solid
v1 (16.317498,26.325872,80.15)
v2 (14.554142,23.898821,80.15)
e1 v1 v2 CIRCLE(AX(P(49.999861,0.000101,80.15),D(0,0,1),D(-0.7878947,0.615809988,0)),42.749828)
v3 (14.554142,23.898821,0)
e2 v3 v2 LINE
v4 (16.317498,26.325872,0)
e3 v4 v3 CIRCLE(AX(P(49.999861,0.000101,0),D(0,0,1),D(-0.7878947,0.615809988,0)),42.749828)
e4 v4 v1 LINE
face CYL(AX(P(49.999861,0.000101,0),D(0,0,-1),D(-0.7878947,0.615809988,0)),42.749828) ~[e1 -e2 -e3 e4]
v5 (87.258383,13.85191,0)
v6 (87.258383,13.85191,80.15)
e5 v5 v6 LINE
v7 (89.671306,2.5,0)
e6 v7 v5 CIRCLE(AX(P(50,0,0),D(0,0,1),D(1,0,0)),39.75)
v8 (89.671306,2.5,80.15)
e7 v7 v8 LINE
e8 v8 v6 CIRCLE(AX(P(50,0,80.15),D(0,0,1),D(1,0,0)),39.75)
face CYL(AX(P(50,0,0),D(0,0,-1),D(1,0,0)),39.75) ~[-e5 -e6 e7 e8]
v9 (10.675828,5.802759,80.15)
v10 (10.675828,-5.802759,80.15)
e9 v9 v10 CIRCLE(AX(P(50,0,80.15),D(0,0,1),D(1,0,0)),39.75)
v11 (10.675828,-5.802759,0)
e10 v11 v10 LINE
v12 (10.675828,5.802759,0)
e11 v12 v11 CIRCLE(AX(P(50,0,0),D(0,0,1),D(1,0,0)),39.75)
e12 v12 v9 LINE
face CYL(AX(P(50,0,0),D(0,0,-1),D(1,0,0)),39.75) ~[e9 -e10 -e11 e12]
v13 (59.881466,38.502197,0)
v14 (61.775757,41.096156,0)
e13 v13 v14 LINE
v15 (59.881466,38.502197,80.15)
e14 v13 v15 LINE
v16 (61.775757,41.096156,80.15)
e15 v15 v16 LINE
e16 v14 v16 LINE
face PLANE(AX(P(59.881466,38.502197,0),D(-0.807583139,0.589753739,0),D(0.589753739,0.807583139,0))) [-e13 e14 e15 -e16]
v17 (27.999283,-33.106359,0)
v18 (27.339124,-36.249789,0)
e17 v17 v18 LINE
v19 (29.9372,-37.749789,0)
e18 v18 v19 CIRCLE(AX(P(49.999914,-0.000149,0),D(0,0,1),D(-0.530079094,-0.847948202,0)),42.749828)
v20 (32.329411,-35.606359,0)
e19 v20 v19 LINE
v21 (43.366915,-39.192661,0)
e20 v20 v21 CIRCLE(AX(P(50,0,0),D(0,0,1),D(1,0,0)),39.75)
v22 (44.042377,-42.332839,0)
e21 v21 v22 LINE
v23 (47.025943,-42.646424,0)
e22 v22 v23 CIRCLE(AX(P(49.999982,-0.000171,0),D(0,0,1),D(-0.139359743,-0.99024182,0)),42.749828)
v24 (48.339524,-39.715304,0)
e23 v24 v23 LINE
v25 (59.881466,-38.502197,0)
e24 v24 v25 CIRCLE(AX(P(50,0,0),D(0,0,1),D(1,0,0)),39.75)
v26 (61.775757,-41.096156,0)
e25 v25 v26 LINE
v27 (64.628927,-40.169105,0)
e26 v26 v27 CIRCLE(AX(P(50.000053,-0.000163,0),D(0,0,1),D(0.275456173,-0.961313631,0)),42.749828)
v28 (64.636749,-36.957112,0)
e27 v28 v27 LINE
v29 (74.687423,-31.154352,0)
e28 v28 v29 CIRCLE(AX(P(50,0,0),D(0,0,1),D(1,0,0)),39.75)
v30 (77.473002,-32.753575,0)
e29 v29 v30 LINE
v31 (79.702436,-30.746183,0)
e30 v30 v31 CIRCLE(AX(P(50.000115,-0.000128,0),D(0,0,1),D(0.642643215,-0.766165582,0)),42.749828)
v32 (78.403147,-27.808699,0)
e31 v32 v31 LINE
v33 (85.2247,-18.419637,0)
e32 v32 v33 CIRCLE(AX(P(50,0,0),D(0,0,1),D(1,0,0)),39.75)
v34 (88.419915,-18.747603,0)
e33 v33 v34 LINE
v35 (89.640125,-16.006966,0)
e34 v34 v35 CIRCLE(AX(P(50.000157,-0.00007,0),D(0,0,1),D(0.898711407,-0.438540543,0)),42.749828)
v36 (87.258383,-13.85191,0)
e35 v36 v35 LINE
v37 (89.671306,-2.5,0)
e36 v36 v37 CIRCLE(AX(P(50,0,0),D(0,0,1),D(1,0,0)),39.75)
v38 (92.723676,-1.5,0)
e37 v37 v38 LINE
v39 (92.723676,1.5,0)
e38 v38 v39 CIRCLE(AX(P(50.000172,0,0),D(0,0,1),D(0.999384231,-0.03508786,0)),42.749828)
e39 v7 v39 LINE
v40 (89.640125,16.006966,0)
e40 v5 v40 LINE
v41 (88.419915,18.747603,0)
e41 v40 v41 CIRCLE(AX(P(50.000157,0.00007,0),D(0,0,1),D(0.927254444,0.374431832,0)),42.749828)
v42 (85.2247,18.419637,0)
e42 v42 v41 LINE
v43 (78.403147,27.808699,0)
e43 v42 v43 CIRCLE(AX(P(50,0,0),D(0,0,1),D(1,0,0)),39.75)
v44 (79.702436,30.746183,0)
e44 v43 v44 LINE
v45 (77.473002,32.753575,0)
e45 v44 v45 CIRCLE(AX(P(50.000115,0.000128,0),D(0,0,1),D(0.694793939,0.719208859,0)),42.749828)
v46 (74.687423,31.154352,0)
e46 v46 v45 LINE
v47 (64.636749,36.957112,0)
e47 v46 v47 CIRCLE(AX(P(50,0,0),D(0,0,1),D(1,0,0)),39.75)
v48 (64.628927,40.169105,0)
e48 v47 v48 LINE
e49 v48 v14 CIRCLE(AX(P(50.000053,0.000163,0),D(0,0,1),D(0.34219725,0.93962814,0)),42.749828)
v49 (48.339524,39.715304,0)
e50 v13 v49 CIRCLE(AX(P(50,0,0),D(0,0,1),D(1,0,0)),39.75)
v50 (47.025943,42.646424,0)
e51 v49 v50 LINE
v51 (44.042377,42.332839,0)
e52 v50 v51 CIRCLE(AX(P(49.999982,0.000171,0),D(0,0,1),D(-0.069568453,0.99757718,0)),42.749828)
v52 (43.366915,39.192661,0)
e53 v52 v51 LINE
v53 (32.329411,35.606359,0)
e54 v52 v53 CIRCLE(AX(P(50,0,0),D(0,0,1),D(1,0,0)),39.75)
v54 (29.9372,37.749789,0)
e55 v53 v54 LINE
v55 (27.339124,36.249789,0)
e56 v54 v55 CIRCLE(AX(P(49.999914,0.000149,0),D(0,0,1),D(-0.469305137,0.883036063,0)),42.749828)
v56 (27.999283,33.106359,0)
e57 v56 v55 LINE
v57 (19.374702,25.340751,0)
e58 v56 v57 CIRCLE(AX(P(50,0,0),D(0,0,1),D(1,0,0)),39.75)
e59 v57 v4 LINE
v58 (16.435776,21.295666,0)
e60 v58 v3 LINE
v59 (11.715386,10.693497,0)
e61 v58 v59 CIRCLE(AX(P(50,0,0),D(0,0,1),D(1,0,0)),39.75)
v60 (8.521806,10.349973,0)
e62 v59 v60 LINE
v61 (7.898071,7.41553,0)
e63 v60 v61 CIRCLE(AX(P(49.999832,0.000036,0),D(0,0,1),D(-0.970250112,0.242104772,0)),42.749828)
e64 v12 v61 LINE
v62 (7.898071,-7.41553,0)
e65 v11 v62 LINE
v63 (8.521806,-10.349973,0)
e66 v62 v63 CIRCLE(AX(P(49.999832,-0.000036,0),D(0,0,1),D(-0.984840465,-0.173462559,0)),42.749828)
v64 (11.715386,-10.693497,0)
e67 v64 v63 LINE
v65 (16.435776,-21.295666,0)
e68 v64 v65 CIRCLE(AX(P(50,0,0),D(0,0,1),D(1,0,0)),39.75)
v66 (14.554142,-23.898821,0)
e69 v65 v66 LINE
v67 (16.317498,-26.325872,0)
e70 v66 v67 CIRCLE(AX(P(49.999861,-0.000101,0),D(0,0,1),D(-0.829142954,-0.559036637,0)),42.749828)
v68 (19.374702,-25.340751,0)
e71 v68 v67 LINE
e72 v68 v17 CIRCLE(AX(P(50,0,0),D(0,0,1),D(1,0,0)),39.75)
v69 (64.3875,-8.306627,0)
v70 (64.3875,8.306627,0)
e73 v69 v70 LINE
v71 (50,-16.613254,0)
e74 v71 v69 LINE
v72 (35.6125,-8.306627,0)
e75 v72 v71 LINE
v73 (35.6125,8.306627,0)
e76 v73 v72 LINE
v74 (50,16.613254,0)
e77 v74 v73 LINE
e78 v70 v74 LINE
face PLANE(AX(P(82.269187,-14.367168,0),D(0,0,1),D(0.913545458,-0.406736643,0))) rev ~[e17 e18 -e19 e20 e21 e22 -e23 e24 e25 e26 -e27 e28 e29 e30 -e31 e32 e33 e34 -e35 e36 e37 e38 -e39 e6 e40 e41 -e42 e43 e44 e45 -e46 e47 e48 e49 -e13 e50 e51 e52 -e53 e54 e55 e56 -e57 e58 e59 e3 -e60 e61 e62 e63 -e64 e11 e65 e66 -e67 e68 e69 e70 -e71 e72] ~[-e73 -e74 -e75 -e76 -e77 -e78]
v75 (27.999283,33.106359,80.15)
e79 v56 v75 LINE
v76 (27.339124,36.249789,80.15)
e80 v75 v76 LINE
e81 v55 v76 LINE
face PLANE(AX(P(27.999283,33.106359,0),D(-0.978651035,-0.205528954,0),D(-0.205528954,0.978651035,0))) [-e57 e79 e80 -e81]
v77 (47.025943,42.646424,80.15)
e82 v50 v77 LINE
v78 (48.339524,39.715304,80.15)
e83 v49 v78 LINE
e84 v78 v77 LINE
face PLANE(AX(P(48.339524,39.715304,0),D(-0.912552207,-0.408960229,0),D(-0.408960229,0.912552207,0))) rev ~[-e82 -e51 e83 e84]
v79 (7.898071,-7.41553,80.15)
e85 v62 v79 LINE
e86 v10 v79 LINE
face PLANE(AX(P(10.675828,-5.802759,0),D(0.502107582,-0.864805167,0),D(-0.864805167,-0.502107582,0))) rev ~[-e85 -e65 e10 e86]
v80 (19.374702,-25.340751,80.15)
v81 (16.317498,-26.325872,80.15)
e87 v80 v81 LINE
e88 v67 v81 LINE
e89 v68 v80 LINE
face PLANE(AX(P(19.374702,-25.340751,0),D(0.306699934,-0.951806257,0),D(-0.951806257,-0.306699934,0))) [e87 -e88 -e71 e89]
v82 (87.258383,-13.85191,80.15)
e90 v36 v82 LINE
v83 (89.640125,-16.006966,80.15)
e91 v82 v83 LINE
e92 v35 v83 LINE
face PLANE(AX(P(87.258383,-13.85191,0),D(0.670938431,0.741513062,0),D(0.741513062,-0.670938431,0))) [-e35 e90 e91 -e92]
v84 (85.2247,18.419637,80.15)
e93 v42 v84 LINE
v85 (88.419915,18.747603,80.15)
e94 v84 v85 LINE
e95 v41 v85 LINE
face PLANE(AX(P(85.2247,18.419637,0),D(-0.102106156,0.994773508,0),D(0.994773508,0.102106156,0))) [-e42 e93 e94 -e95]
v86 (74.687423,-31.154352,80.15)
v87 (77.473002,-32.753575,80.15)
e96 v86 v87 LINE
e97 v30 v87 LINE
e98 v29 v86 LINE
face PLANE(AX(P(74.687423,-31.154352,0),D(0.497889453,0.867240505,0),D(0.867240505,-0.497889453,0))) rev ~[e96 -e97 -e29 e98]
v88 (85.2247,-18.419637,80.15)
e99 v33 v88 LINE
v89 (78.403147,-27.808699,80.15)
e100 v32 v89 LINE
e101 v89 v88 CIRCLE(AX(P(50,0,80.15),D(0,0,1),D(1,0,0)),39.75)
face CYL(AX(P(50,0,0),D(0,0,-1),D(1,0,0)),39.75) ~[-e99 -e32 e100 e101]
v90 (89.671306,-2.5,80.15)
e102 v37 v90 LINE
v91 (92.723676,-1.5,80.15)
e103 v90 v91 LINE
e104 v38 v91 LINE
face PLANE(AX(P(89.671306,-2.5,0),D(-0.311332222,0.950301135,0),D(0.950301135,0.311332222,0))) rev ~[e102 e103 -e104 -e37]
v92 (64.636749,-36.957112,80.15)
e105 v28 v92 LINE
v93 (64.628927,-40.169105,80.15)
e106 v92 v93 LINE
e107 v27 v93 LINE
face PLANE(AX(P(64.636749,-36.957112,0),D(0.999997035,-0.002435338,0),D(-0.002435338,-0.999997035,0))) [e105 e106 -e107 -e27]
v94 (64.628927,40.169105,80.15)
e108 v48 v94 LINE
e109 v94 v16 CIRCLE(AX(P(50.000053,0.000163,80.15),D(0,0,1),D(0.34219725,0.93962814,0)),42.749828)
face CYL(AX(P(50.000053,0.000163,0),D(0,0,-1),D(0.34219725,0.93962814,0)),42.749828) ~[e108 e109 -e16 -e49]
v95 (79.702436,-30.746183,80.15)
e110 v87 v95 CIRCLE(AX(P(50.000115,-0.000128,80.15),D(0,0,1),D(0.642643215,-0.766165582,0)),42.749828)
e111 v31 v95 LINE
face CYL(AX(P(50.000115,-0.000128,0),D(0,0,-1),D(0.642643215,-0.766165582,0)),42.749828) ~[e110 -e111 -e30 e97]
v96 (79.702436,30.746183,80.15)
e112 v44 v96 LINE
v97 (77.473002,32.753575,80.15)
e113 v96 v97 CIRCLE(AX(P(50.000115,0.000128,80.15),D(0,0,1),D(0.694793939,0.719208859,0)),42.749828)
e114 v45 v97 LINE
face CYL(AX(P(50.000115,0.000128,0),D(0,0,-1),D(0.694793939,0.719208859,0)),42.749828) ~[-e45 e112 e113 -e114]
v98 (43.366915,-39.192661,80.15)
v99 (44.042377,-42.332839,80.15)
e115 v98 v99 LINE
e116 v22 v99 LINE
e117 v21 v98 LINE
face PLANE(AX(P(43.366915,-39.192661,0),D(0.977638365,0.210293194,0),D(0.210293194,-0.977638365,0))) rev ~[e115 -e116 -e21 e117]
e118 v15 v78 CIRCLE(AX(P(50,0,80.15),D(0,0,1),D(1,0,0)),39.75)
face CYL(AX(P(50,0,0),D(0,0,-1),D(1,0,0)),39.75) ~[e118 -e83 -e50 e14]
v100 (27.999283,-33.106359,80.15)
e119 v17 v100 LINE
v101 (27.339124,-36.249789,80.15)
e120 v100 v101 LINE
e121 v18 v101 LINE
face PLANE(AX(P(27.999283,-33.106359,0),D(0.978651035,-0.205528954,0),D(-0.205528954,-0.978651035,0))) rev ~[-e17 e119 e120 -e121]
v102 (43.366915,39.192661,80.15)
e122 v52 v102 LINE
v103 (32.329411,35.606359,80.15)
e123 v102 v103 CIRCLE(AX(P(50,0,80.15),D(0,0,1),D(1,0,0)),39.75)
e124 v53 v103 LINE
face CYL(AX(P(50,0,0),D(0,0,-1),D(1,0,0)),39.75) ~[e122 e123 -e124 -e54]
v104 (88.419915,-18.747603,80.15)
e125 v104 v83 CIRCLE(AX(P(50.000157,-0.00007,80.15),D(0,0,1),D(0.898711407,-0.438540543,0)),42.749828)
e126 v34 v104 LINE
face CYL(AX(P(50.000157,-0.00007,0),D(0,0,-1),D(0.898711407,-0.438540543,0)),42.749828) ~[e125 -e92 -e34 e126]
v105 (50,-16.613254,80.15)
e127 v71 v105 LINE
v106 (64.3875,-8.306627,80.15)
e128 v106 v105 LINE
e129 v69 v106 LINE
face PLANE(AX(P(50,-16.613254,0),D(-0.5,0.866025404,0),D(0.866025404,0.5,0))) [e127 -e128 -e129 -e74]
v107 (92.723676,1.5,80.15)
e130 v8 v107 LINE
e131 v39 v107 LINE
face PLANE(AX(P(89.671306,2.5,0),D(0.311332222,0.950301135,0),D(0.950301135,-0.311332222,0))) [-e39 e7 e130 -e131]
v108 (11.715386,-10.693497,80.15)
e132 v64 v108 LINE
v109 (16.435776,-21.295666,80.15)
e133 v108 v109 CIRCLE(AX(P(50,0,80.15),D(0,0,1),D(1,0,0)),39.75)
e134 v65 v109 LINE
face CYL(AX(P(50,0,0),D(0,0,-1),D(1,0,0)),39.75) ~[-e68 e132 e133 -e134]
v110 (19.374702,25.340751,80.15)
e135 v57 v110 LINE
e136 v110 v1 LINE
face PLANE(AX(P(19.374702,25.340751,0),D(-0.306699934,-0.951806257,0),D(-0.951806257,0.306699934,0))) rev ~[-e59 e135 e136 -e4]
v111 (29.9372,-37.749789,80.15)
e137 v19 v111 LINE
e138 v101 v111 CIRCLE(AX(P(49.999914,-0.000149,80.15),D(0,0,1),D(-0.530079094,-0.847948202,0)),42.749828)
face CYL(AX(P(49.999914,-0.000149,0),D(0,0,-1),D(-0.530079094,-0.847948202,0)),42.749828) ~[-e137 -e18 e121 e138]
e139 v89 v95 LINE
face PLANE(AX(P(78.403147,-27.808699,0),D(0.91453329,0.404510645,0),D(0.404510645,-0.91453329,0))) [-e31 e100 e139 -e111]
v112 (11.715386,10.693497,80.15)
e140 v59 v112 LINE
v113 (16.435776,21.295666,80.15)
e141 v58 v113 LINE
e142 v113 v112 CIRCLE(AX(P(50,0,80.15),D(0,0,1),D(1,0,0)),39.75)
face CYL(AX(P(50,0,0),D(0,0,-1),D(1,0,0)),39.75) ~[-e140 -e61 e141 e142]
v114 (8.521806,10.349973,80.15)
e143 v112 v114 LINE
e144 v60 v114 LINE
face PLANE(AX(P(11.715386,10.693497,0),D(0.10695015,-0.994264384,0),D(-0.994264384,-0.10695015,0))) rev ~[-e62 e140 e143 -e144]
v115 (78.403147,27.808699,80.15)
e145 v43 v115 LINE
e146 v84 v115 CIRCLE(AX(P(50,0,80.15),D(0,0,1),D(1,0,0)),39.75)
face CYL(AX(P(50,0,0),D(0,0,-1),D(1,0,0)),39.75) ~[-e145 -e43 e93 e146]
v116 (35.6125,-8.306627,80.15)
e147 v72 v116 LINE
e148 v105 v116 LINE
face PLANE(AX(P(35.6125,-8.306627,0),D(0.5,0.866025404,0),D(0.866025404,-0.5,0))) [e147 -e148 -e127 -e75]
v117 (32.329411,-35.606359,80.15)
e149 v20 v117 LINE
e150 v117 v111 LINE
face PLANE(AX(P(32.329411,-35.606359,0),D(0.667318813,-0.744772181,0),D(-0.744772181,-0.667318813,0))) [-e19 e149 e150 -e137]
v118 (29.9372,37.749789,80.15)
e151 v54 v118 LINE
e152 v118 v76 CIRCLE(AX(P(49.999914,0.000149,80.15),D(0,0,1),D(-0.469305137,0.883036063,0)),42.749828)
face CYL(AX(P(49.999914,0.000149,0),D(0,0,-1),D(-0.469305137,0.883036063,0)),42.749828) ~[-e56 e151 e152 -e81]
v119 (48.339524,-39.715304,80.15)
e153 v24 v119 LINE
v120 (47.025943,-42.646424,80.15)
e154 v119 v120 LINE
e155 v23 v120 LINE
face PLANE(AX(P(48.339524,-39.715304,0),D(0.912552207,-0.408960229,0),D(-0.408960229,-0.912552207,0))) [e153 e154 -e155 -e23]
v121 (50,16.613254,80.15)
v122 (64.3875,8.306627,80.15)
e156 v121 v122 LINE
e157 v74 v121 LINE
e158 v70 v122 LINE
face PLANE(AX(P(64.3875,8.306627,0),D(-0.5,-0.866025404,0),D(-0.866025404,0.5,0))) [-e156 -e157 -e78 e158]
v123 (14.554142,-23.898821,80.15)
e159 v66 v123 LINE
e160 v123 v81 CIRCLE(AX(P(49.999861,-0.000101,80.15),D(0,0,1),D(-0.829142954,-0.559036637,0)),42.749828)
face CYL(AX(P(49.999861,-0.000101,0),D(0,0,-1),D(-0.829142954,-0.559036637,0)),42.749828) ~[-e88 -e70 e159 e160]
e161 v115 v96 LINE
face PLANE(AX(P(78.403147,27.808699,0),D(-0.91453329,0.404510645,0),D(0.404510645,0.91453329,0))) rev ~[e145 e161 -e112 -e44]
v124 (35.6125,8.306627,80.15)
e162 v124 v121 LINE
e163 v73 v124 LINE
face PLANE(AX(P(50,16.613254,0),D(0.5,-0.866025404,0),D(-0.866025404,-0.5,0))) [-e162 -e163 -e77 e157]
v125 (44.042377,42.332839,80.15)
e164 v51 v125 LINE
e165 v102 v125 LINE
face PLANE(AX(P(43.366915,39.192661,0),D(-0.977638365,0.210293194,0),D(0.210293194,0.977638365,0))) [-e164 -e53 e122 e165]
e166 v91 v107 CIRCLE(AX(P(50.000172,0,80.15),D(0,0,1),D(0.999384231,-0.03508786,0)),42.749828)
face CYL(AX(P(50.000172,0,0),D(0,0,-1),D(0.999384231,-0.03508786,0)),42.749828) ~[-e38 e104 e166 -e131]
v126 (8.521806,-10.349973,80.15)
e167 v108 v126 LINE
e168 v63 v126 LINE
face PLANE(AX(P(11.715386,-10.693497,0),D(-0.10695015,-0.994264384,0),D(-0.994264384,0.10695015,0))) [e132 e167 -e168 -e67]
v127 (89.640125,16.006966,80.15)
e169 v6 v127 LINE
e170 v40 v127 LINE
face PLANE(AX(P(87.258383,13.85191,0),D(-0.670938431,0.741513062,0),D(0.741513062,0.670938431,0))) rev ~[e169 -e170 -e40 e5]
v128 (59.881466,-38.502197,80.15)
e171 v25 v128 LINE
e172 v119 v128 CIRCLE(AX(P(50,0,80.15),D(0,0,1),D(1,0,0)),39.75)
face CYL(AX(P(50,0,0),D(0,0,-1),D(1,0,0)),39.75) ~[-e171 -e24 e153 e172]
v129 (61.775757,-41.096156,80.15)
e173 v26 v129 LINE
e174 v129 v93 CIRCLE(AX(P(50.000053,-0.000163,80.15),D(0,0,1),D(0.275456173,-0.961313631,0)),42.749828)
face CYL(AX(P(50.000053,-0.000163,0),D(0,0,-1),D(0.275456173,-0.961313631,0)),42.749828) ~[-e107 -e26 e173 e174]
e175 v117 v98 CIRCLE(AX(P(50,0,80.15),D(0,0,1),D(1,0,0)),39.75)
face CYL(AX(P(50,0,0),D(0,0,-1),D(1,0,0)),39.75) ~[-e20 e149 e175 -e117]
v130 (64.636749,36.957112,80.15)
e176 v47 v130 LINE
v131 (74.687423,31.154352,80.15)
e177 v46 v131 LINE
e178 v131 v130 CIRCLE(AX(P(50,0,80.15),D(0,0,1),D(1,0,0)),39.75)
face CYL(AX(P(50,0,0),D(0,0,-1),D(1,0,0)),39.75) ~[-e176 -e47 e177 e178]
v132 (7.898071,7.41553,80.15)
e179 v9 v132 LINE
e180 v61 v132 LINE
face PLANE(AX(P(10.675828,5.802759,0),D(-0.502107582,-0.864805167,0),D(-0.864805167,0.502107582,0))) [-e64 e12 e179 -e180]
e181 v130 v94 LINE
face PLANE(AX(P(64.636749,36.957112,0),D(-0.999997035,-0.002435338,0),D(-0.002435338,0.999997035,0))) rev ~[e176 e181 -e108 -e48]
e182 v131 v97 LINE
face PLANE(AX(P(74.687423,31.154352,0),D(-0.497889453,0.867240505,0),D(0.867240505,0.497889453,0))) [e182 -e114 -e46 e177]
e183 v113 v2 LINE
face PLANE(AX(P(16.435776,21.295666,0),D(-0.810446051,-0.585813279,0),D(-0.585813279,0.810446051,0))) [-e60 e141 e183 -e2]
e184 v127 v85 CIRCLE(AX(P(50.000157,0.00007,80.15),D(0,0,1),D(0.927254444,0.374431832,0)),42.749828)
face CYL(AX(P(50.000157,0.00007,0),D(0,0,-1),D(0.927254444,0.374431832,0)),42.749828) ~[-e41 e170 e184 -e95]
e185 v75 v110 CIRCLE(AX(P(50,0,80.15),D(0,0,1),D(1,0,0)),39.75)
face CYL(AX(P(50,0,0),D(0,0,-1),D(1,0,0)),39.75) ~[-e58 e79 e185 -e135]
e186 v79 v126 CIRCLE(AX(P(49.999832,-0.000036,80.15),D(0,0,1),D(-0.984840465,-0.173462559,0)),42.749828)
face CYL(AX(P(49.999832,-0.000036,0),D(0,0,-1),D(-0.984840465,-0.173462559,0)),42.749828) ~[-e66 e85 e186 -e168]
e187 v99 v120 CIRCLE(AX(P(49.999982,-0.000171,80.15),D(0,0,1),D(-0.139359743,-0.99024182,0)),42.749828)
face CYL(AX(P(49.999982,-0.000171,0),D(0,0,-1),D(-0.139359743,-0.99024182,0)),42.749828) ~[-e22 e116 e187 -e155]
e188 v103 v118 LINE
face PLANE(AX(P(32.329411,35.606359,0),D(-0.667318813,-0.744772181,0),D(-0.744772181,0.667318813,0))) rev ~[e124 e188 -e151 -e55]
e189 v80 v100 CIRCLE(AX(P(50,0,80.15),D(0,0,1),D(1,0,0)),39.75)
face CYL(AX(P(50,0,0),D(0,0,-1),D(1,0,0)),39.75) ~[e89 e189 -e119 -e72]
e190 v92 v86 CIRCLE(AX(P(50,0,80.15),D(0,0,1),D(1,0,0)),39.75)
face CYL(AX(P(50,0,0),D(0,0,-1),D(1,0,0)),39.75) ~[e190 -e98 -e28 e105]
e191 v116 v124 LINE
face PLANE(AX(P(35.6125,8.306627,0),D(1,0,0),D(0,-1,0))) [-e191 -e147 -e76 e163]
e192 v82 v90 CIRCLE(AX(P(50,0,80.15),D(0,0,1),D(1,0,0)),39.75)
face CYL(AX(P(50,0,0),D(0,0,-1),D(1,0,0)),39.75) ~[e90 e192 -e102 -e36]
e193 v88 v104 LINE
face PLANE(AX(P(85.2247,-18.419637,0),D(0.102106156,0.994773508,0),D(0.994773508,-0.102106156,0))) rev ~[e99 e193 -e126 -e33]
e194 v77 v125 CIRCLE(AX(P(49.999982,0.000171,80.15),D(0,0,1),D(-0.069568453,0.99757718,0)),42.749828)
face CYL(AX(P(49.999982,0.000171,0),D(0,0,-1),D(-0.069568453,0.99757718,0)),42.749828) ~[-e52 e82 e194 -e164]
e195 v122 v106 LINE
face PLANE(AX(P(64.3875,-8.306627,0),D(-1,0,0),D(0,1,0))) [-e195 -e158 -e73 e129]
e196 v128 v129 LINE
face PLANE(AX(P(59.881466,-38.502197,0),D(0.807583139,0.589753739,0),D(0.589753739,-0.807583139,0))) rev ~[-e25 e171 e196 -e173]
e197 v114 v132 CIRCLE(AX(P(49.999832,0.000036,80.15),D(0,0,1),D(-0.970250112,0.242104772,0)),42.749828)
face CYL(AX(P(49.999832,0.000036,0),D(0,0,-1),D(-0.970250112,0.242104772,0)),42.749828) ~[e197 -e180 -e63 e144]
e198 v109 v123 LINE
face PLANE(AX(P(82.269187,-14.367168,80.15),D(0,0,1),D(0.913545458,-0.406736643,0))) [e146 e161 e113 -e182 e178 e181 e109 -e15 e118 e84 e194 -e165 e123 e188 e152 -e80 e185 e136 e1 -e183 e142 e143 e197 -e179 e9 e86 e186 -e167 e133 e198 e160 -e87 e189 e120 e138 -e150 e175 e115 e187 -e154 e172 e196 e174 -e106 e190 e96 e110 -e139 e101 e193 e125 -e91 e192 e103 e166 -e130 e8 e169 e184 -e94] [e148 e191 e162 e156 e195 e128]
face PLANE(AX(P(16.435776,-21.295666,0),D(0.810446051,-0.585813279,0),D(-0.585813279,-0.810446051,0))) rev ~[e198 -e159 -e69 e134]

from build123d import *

# Parameters (mm, degrees)
SKETCH008_R           = 39.75
PAD007_DEPTH          = 80.15
PAD008_DEPTH          = 80.15
POLARPATTERN005_COUNT = 15
POCKET008_DEPTH       = 80.151


with BuildPart() as part:
    # Sketch008 → Pad007 (new body)
    with BuildSketch(Plane.XY):
        Circle(SKETCH008_R)
    extrude(amount=PAD007_DEPTH)

    # Sketch006 → Pad008 (join)
    with BuildSketch(Plane.XY):
        with BuildLine():
            ThreePointArc((42.723676, -1.5), (42.75, 0), (42.723676, 1.5))
            Line((39.671306, 2.5), (42.723676, 1.5))
            Line((39.671306, 2.5), (26.5, 0))
            Line((26.5, 0), (39.671306, -2.5))
            Line((39.671306, -2.5), (42.723676, -1.5))
        make_face()
    pad008 = extrude(amount=PAD008_DEPTH)

    # PolarPattern005: Pad008 ×15 about axis
    polarpattern005_axis = Axis((0, 0, 0), (0, 0, 1))
    for i in range(1, POLARPATTERN005_COUNT):
        add(pad008.rotate(polarpattern005_axis, i * 360 / POLARPATTERN005_COUNT))

    # Sketch007 → Pocket008 (cut, through all)
    with BuildSketch(Plane.XY):
        Polygon((14.3875, 8.306627), (0, 16.613254), (-14.3875, 8.306627), (-14.3875, -8.306627), (0, -16.613254), (14.3875, -8.306627), align=None)
    extrude(amount=POCKET008_DEPTH, mode=Mode.SUBTRACT)


with BuildPart() as part_1:
    # Body011 placement: moved
    add(part.part.moved(Location((50, 0, 0))))


solid = part_1.part
